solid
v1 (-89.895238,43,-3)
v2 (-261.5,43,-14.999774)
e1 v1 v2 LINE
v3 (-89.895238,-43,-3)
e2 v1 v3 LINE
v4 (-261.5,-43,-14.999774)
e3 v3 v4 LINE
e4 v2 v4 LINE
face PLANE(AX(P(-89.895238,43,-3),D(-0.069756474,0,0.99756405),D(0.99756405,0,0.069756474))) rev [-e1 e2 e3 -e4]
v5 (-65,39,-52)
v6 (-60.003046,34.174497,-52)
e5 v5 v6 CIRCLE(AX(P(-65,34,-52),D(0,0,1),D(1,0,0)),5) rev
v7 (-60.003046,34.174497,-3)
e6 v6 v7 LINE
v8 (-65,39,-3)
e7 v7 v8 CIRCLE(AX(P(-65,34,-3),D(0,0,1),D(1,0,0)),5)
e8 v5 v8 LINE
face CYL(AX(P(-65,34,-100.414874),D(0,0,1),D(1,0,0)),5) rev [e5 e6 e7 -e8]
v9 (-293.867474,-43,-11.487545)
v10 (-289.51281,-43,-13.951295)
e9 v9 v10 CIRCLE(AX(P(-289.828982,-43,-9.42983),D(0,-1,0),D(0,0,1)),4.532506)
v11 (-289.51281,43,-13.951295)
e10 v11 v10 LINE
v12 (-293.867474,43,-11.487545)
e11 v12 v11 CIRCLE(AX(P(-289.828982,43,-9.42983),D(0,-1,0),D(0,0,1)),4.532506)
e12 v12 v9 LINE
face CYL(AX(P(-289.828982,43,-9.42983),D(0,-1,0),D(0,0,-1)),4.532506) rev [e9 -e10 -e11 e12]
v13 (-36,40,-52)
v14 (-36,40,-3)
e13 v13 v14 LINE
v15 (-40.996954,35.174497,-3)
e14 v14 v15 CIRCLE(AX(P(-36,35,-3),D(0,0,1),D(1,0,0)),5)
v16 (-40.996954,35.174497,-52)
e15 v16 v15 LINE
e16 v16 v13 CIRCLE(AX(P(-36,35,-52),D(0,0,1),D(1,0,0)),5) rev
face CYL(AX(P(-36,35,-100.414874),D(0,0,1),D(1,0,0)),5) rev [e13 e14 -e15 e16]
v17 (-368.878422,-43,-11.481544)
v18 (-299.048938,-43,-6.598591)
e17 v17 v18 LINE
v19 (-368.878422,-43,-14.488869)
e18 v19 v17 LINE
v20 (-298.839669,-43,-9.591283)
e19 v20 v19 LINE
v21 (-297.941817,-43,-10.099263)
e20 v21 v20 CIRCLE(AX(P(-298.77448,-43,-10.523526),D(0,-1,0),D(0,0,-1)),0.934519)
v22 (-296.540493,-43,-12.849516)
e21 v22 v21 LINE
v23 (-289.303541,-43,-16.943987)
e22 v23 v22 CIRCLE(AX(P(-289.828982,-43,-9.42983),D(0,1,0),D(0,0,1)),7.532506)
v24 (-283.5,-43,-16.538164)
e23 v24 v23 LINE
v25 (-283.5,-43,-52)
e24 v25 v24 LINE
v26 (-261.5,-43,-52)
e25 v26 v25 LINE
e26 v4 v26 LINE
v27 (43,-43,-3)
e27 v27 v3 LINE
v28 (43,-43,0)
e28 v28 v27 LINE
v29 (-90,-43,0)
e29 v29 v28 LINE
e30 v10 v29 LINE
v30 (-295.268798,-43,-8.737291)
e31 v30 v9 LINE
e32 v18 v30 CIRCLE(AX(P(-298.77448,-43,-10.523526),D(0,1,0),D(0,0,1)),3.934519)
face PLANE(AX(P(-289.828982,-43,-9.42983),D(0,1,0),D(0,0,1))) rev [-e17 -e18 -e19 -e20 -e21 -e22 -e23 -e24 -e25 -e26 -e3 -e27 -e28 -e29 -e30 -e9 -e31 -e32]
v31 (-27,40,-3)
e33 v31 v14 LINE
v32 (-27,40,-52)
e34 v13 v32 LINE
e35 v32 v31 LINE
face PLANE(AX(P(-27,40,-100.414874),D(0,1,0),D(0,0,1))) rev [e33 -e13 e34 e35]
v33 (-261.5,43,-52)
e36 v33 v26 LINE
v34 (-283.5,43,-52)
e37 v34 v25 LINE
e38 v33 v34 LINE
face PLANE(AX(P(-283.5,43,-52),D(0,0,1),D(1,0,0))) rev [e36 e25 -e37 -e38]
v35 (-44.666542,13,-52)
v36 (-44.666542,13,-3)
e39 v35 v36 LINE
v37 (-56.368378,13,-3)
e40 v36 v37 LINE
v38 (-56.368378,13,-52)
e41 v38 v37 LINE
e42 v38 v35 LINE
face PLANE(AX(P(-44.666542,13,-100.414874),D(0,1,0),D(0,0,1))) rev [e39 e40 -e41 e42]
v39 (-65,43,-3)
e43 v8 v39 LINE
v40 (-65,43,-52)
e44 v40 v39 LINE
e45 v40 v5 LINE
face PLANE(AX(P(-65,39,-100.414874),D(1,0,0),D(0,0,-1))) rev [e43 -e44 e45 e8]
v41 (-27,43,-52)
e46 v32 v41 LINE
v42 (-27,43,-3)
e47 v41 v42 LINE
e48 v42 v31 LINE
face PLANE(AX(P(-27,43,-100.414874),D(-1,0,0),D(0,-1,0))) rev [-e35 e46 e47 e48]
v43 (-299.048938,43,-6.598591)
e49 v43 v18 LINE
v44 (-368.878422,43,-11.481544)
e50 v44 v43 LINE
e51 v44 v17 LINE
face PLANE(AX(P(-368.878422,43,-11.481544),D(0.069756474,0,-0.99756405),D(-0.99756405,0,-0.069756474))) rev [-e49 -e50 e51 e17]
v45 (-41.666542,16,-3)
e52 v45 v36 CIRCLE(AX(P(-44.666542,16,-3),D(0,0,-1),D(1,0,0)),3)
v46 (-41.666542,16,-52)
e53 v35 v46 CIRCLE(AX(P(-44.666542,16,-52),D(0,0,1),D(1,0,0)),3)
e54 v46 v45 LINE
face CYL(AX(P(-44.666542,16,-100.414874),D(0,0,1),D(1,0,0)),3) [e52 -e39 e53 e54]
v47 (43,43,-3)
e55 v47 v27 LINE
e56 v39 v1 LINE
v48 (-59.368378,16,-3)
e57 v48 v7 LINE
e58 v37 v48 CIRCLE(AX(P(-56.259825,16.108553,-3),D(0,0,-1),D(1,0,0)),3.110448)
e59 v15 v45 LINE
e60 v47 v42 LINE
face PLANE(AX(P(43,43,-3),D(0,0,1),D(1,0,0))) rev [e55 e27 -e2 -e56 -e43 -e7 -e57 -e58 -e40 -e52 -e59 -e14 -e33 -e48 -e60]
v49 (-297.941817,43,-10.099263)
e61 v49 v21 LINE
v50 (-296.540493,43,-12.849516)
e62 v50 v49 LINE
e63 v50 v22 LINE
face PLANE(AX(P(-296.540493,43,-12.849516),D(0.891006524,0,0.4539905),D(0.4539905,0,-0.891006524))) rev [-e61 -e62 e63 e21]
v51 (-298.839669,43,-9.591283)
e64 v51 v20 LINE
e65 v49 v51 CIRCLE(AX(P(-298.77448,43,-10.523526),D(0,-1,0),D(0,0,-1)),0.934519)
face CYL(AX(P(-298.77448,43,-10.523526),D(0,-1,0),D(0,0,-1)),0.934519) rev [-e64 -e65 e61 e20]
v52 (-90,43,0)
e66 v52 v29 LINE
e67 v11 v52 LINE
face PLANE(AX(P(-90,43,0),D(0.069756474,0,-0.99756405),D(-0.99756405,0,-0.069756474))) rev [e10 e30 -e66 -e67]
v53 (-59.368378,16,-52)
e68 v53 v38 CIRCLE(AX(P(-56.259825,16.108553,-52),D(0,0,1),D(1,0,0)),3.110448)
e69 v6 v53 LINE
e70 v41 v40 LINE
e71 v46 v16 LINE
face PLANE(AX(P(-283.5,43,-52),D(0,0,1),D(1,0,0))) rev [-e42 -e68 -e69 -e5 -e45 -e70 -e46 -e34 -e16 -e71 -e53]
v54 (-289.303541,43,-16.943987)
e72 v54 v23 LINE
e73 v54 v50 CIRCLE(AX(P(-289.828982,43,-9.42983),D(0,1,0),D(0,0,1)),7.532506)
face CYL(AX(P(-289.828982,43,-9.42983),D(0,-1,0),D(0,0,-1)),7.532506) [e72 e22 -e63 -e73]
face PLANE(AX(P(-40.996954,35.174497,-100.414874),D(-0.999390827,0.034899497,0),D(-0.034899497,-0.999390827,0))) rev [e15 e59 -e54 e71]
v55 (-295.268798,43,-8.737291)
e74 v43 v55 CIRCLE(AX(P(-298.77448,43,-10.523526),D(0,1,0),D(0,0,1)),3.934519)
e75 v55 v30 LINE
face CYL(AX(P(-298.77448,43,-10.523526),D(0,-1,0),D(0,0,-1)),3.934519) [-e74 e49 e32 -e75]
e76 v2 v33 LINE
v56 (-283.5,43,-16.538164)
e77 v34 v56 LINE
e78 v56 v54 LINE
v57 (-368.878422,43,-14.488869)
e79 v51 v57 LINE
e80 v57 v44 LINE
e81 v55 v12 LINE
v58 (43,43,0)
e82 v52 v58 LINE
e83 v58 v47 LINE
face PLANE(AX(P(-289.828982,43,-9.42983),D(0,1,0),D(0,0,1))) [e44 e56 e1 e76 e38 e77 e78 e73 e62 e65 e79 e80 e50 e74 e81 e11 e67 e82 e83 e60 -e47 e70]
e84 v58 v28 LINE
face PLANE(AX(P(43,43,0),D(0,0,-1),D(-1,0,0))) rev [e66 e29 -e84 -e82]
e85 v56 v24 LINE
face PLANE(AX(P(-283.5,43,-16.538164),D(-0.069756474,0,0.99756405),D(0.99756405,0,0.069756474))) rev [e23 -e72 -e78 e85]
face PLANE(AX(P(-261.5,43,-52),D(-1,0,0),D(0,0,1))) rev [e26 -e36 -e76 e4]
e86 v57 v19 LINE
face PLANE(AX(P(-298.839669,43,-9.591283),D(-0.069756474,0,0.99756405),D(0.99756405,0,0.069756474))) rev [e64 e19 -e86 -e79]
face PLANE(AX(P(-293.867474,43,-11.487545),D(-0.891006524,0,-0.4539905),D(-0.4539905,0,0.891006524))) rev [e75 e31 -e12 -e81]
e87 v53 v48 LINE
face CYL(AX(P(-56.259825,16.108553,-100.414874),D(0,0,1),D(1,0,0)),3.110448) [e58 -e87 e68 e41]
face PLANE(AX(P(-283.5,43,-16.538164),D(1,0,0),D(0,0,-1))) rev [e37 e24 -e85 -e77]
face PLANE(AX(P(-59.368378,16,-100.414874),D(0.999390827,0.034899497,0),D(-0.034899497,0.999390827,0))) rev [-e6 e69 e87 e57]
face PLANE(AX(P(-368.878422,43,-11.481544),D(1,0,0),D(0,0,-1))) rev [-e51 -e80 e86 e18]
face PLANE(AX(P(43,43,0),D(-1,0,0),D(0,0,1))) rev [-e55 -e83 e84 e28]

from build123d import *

# Parameters (mm, degrees)
EXTRUSION1_DEPTH      = 43
EXTRUSION1_DEPTH_BACK = 43
EXTRUSION2_DEPTH      = 49


with BuildPart() as part:
    # Esquisse1 → Extrusion1 (new, two sides: drawn at the far end of the back side and taken through both)
    with BuildSketch(Plane(origin=(0, 0, 0), x_dir=(1, 0, 0), z_dir=(0, 1, 0)).offset(-EXTRUSION1_DEPTH_BACK)):
        with BuildLine():
            Line((43, 0), (-90, 0))
            Line((-90, 0), (-289.512810052, 13.951294749))
            ThreePointArc((-289.512810052, 13.951294749), (-292.060894193, 13.374722173), (-293.867473702, 11.487544597))
            Line((-293.867473702, 11.487544597), (-295.268797801, 8.737291199))
            ThreePointArc((-295.268797801, 8.737291199), (-296.837030139, 7.099094327), (-299.048938294, 6.59859061))
            Line((-299.048938294, 6.59859061), (-368.878421812, 11.481543773))
            Line((-368.878421812, 11.481543773), (-368.878421812, 14.488869467))
            Line((-368.878421812, 14.488869467), (-298.839668873, 9.591282761))
            ThreePointArc((-298.839668873, 9.591282761), (-298.314300819, 9.710161415), (-297.941817373, 10.099262699))
            Line((-297.941817373, 10.099262699), (-296.540493275, 12.849516097))
            ThreePointArc((-296.540493275, 12.849516097), (-293.538164873, 15.985789261), (-289.303540631, 16.9439869))
            Line((-289.303540631, 16.9439869), (-283.5, 16.538163805))
            Line((-283.5, 16.538163805), (-283.5, 52))
            Line((-283.5, 52), (-261.5, 52))
            Line((-261.5, 52), (-261.5, 14.999773943))
            Line((-261.5, 14.999773943), (-89.895237692, 3))
            Line((-89.895237692, 3), (43, 3))
            Line((43, 3), (43, 0))
        make_face()
    extrude(amount=EXTRUSION1_DEPTH + EXTRUSION1_DEPTH_BACK)

    # Esquisse2 → Extrusion2 (add)
    with BuildSketch(Plane(origin=(0, 0, -3), x_dir=(-1, 0, 0), z_dir=(0, 0, -1))):
        with BuildLine():
            Line((27, 43), (27, 40))
            Line((27, 40), (36, 40))
            ThreePointArc((36, 40), (39.473291852, 38.596699002), (40.996954135, 35.174497484))
            Line((40.996954135, 35.174497484), (41.666542342, 16))
            ThreePointArc((41.666542342, 16), (42.545221998, 13.878679656), (44.666542342, 13))
            Line((44.666542342, 13), (56.368378428, 13))
            ThreePointArc((56.368378428, 13), (58.459244141, 13.909134287), (59.368378428, 16))
            Line((59.368378428, 16), (60.003045865, 34.174497484))
            ThreePointArc((60.003045865, 34.174497484), (61.526708148, 37.596699002), (65, 39))
            Line((65, 39), (65, 43))
            Line((65, 43), (27, 43))
        make_face()
    extrude(amount=EXTRUSION2_DEPTH)


solid = part.part
